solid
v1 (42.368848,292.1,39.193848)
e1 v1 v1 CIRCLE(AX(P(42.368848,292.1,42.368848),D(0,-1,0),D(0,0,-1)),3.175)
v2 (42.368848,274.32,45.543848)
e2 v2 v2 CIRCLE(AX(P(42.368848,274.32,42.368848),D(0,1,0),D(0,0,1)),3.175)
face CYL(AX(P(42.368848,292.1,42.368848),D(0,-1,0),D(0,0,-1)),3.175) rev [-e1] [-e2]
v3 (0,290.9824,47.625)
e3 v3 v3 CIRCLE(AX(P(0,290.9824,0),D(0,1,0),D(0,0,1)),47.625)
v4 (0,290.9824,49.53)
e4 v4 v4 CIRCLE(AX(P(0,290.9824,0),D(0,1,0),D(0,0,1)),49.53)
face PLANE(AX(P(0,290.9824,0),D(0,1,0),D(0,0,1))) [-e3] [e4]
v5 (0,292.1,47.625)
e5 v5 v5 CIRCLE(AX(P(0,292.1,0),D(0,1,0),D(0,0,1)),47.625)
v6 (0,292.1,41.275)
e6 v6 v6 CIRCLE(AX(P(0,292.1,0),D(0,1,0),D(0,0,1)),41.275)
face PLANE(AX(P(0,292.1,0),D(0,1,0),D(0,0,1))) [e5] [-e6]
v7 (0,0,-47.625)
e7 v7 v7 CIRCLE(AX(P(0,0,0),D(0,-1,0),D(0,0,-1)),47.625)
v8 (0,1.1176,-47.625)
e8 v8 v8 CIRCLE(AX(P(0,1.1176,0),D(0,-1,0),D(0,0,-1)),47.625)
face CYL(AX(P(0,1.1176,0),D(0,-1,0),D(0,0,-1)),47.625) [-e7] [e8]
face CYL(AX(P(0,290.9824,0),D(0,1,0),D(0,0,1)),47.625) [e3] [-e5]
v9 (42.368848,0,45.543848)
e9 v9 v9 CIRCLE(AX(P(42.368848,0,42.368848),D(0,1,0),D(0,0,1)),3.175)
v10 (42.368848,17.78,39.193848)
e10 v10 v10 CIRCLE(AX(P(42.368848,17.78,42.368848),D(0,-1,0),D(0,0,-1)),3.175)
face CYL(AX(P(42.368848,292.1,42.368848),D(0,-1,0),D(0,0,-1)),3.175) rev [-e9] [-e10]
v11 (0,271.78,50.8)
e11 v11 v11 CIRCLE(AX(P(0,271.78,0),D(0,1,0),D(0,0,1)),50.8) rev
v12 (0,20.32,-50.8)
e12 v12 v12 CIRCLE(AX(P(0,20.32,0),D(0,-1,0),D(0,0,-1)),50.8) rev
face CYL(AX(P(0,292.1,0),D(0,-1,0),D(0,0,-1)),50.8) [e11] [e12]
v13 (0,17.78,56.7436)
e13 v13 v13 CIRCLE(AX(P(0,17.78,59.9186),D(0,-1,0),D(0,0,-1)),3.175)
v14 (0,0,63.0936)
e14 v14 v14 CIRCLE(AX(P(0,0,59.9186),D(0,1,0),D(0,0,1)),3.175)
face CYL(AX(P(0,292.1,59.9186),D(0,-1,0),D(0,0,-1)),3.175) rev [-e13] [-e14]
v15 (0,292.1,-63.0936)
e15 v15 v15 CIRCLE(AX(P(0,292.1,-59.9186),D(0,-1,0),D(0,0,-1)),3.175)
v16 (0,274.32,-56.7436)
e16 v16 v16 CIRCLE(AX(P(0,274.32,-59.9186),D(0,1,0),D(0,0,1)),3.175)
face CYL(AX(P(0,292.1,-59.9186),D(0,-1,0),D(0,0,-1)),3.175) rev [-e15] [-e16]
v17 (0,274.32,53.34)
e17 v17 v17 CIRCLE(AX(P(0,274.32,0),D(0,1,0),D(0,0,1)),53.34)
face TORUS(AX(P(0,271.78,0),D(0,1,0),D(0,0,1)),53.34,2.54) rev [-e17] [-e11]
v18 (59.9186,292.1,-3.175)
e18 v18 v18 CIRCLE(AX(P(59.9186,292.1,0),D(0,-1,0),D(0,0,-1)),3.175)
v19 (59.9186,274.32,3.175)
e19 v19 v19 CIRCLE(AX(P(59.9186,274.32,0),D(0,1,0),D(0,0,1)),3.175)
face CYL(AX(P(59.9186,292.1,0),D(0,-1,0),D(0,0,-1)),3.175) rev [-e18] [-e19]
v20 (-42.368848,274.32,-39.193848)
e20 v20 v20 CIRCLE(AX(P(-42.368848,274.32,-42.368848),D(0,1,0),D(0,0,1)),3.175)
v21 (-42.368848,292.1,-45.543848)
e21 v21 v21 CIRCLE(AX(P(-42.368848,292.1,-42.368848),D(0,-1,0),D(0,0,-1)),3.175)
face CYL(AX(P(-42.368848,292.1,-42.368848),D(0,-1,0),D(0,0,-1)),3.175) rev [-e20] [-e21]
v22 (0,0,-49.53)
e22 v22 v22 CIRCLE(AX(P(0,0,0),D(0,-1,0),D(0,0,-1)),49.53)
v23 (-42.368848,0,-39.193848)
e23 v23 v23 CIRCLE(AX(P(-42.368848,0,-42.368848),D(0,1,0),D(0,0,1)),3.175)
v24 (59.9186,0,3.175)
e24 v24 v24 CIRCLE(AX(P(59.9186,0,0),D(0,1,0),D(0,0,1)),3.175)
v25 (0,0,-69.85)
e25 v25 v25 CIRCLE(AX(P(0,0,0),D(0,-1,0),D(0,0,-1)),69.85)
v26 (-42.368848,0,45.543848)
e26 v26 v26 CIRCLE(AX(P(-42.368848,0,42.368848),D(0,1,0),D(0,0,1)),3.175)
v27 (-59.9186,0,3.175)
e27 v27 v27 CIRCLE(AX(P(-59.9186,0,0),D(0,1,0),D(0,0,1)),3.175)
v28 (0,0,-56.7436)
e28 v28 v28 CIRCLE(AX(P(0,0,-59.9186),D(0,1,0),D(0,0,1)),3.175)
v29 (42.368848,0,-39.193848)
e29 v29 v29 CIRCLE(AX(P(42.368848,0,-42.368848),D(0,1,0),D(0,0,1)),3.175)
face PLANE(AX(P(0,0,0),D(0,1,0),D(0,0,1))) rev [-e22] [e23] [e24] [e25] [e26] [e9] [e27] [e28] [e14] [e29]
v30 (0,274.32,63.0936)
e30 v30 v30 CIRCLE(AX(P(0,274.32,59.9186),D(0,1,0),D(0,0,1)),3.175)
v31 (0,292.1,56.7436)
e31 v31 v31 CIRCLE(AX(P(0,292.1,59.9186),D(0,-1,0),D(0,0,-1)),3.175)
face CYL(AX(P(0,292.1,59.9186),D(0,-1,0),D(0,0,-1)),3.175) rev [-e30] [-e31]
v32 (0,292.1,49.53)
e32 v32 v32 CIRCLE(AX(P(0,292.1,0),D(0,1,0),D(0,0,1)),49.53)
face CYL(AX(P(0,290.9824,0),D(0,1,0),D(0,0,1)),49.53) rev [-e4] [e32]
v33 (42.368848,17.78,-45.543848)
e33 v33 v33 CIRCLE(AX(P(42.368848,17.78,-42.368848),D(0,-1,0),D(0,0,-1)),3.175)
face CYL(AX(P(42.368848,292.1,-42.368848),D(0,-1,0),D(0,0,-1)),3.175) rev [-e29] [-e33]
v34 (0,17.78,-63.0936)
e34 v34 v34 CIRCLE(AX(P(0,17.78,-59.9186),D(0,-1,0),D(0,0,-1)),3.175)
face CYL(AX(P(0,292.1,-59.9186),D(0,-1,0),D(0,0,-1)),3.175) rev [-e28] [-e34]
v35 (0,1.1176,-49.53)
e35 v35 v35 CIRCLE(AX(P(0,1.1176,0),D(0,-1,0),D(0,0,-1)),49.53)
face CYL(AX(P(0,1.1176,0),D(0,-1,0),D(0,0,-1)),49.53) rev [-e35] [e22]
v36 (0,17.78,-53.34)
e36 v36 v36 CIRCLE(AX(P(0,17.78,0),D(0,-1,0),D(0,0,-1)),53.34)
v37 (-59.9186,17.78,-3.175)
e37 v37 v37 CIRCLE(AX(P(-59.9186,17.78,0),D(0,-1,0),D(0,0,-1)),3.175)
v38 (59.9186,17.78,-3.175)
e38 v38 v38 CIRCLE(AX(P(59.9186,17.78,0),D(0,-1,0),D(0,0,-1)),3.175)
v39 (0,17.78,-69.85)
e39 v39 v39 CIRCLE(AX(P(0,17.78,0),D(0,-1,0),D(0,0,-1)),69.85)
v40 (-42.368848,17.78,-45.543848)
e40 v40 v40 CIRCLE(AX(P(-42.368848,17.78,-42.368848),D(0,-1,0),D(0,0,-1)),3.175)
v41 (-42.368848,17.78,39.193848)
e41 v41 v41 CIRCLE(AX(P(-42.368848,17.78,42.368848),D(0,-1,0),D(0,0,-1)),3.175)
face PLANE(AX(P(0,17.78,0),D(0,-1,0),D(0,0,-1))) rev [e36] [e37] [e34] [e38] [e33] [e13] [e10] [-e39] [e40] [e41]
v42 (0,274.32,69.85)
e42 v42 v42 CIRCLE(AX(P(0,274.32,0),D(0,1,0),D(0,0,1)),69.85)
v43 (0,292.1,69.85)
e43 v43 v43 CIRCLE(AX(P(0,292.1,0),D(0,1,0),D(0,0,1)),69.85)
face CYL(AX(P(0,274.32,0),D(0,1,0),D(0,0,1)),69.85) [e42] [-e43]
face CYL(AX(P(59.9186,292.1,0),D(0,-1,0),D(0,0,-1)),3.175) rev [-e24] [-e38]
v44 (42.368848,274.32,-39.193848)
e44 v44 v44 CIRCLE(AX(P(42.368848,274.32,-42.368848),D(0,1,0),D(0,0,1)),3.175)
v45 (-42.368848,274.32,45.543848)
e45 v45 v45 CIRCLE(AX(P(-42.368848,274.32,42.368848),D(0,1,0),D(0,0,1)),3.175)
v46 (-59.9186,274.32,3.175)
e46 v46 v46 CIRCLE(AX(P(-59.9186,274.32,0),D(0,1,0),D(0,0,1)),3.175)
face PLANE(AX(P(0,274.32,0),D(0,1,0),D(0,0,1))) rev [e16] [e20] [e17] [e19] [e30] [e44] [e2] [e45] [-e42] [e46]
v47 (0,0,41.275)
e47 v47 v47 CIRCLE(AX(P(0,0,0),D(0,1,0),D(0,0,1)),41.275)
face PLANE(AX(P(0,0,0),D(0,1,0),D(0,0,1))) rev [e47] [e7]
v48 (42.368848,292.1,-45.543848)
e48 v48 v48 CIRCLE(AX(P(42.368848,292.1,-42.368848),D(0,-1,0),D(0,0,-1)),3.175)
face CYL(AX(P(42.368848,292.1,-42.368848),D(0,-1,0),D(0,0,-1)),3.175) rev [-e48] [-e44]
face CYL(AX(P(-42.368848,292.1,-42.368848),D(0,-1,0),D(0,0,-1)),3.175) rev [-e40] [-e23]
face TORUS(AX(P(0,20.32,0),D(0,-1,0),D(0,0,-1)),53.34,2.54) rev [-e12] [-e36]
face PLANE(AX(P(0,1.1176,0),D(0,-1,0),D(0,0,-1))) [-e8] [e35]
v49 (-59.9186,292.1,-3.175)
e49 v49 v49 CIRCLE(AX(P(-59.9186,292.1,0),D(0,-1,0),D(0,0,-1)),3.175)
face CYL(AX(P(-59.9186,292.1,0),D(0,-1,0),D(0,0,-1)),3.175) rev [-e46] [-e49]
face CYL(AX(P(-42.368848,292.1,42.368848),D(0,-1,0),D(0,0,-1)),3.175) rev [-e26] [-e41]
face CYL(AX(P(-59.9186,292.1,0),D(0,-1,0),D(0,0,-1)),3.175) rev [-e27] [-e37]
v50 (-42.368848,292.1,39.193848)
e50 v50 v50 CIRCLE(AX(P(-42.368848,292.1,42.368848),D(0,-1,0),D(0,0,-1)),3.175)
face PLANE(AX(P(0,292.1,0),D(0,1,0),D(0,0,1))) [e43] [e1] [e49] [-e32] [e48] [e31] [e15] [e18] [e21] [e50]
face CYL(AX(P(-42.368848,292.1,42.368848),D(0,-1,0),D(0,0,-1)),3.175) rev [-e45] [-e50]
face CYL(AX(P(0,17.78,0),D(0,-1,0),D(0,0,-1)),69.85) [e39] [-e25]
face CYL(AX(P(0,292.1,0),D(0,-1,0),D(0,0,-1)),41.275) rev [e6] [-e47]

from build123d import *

# Parameters (mm, degrees)
SKETCH2_R               = 50.8
SKETCH2_R_2             = 41.275
BASE_CYLINDER_DEPTH     = 292.1
SKETCH3_R               = 69.85
SKETCH3_R_2             = 41.275
AFT_FLANGE_DEPTH        = 17.78
SKETCH4_R               = 69.85
SKETCH4_R_2             = 41.275
FORWARD_FLANGE_DEPTH    = 17.78
SKETCH6_R               = 49.53
SKETCH6_R_2             = 47.625
O_RING_SLOT_1_DEPTH     = 1.1176
SKETCH7_R               = 49.53
SKETCH7_R_2             = 47.625
O_RING_SLOT_2_DEPTH     = 1.1176
SKETCH8_R               = 3.175
CUT_EXTRUDE4_DEPTH      = 1
CUT_EXTRUDE4_DEPTH_BACK = 293.1
FILLET1_R               = 2.54


with BuildPart() as part:
    # Sketch2 → Base Cylinder (new body)
    with BuildSketch(Plane(origin=(0, 0, 0), x_dir=(1, 0, 0), z_dir=(0, 1, 0))):
        Circle(SKETCH2_R)
        Circle(SKETCH2_R_2, mode=Mode.SUBTRACT)
    extrude(amount=BASE_CYLINDER_DEPTH)

    # Sketch3 → Aft Flange (add)
    with BuildSketch(Plane.XZ):
        Circle(SKETCH3_R)
        Circle(SKETCH3_R_2, mode=Mode.SUBTRACT)
    extrude(amount=-AFT_FLANGE_DEPTH)

    # Sketch4 → Forward Flange (add)
    with BuildSketch(Plane(origin=(0, 292.1, 0), x_dir=(1, 0, 0), z_dir=(0, 1, 0))):
        Circle(SKETCH4_R)
        Circle(SKETCH4_R_2, mode=Mode.SUBTRACT)
    extrude(amount=-FORWARD_FLANGE_DEPTH)

    # Sketch6 → O-Ring Slot 1 (cut)
    with BuildSketch(Plane.XZ):
        Circle(SKETCH6_R)
        Circle(SKETCH6_R_2, mode=Mode.SUBTRACT)
    extrude(amount=-O_RING_SLOT_1_DEPTH, mode=Mode.SUBTRACT)

    # Sketch7 → O-Ring Slot 2 (cut)
    with BuildSketch(Plane(origin=(0, 292.1, 0), x_dir=(1, 0, 0), z_dir=(0, 1, 0))):
        Circle(SKETCH7_R)
        Circle(SKETCH7_R_2, mode=Mode.SUBTRACT)
    extrude(amount=-O_RING_SLOT_2_DEPTH, mode=Mode.SUBTRACT)

    # Sketch8 → Cut-Extrude4 (cut, two sides)
    with BuildSketch(Plane.XZ) as cut_extrude4_sk:
        with Locations((-59.9186, 0)):
            Circle(SKETCH8_R)
        with Locations((-42.368848379, 42.368848379)):
            Circle(SKETCH8_R)
        with Locations((0, 59.9186)):
            Circle(SKETCH8_R)
        with Locations((42.368848379, 42.368848379)):
            Circle(SKETCH8_R)
        with Locations((59.9186, 0)):
            Circle(SKETCH8_R)
        with Locations((42.368848379, -42.368848379)):
            Circle(SKETCH8_R)
        with Locations((0, -59.9186)):
            Circle(SKETCH8_R)
        with Locations((-42.368848379, -42.368848379)):
            Circle(SKETCH8_R)
    extrude(amount=CUT_EXTRUDE4_DEPTH, mode=Mode.SUBTRACT)
    extrude(cut_extrude4_sk.sketch, amount=-CUT_EXTRUDE4_DEPTH_BACK, mode=Mode.SUBTRACT)

    # Fillet1
    fillet1_edges = [part.edges().sort_by_distance(p)[0] for p in [
        (-50.8, 17.78, 0),
        (-50.8, 274.32, 0),
    ]]
    fillet(fillet1_edges, radius=FILLET1_R)


solid = part.part
